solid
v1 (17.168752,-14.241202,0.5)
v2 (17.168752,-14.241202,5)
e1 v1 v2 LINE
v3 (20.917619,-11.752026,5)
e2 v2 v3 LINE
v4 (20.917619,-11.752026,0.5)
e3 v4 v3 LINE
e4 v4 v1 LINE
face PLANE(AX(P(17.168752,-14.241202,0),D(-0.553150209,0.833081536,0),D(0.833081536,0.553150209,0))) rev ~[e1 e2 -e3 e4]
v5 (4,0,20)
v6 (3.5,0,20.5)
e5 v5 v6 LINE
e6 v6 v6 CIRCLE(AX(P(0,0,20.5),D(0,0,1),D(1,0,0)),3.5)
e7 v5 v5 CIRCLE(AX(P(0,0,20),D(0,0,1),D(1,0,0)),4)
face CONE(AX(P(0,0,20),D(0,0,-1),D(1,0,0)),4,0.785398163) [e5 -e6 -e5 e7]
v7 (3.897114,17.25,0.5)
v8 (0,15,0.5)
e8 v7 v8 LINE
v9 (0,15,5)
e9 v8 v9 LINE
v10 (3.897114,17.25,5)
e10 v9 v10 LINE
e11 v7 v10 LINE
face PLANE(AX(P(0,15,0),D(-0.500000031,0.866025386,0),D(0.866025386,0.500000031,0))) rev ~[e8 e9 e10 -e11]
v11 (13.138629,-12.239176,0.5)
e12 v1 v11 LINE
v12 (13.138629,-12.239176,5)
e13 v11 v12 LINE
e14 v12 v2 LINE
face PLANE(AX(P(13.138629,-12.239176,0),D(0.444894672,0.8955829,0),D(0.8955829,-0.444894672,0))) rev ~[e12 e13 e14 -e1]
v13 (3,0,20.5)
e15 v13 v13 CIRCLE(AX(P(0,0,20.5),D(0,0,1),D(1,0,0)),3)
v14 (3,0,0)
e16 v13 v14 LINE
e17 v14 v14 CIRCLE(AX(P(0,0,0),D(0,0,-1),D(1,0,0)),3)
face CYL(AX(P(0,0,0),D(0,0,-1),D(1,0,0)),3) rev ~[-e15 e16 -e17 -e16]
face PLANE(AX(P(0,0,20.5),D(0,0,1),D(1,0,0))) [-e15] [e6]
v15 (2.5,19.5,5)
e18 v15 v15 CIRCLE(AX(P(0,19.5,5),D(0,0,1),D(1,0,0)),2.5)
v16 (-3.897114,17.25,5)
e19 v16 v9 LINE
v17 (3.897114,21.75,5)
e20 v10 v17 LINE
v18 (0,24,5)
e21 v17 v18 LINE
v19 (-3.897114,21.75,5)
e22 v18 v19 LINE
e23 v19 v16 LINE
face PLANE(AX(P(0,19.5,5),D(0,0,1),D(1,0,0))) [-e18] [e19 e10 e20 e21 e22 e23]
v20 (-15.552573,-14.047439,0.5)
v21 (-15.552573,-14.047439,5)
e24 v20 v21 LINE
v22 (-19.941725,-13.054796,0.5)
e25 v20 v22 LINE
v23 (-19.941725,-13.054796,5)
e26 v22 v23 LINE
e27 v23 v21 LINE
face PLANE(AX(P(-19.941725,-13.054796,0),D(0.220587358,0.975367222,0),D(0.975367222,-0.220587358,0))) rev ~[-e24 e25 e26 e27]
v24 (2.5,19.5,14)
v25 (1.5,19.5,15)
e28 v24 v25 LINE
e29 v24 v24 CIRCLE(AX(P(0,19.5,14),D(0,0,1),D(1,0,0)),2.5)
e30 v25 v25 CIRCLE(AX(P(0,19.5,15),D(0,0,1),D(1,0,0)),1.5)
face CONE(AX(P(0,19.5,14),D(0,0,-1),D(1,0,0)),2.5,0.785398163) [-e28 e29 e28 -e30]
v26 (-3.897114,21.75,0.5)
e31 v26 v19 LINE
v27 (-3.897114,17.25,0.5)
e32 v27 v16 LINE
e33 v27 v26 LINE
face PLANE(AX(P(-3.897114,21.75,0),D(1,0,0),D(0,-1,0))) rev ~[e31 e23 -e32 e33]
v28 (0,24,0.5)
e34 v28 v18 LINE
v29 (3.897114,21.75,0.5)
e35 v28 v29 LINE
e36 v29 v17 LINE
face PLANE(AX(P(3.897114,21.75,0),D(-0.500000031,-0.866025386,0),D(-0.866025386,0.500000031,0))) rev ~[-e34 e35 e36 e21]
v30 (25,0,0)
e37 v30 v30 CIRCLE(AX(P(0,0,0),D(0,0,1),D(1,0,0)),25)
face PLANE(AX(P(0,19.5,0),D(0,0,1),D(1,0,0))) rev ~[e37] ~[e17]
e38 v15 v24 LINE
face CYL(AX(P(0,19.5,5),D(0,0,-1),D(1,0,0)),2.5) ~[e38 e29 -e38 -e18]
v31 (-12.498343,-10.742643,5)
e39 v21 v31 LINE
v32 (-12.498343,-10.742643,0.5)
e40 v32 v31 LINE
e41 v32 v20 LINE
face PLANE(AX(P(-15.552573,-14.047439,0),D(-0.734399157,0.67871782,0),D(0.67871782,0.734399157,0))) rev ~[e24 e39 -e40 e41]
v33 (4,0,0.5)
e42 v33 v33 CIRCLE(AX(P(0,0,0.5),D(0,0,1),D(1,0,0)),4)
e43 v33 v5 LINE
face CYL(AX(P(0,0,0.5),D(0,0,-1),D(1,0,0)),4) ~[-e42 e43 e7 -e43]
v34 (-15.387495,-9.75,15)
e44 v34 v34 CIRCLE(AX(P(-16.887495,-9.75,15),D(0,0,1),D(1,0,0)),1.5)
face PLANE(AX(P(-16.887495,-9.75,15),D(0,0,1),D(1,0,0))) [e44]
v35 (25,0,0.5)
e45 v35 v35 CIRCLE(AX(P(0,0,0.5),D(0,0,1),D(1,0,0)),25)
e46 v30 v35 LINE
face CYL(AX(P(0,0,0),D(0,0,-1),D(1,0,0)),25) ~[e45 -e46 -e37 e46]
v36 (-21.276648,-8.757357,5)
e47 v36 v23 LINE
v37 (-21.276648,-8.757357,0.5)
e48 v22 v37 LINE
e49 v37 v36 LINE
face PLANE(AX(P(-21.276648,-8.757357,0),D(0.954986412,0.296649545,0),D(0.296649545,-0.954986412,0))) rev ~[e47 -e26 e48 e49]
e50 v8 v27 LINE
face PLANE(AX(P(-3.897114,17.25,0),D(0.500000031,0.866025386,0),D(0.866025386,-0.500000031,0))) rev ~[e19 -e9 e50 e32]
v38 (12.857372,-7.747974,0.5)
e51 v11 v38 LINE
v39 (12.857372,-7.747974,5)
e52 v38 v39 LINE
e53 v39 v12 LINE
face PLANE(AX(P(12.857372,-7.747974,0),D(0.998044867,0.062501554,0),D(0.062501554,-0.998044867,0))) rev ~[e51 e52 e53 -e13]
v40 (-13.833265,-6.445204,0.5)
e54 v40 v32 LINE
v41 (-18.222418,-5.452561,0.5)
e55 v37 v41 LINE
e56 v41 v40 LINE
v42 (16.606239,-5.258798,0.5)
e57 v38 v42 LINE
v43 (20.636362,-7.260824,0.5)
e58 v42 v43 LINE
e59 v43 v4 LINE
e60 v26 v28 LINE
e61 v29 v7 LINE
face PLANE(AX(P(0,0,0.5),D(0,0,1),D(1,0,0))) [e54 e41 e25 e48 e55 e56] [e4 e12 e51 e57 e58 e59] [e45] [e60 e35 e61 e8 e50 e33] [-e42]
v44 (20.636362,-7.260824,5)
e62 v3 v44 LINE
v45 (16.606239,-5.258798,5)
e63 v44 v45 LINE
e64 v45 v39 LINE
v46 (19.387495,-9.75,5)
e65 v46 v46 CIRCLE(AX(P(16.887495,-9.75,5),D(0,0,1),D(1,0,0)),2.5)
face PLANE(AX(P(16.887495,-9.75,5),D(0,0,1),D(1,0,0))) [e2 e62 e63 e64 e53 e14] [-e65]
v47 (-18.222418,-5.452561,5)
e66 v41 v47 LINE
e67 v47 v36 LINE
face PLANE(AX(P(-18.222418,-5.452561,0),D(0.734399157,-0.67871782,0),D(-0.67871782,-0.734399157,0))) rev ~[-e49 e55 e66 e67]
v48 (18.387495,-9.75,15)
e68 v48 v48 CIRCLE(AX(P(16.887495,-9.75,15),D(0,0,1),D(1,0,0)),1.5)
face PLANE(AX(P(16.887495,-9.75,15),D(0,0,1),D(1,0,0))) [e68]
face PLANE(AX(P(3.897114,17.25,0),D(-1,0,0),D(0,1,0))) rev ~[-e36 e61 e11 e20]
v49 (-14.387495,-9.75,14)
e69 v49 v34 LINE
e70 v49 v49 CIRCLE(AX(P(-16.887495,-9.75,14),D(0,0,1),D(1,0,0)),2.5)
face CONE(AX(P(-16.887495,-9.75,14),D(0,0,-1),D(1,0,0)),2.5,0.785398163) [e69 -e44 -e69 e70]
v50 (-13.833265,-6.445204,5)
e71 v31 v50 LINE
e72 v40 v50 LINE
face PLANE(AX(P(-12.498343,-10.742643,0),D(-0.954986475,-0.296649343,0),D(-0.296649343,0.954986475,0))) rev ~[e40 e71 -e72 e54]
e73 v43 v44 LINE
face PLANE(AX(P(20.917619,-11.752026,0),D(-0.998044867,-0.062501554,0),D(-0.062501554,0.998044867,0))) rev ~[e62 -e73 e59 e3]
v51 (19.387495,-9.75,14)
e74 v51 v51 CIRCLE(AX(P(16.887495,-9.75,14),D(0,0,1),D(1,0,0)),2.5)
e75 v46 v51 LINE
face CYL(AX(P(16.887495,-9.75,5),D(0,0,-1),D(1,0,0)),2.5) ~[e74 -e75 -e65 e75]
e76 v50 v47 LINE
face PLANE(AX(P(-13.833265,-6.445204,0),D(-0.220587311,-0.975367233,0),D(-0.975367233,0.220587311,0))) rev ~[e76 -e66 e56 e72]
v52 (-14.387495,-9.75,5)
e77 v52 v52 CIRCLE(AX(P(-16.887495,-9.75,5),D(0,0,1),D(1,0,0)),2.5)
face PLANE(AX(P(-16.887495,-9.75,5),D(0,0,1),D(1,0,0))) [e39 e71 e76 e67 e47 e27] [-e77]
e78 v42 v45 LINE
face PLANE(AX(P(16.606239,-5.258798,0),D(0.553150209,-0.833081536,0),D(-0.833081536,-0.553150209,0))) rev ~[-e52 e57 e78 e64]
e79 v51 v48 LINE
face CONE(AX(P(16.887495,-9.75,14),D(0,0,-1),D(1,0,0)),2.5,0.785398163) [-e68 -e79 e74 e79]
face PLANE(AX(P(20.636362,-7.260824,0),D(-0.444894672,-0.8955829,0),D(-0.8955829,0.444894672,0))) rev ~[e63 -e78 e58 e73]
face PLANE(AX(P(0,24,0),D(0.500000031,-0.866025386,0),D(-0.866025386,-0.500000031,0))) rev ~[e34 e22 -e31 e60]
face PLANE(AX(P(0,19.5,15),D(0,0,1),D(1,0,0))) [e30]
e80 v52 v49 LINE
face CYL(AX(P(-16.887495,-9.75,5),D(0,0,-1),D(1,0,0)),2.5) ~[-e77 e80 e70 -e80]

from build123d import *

# Parameters (mm, degrees)
SKETCH001_R     = 25
PAD_DEPTH       = 0.5
PAD001_DEPTH    = 5
SKETCH002_R     = 2.5
PAD002_DEPTH    = 10
SKETCH003_R     = 4
SKETCH003_R_2   = 3
PAD003_DEPTH    = 20
SKETCH004_R     = 3
POCKET_DEPTH    = 20.501
CHAMFER_SIZE    = 1
CHAMFER001_SIZE = 0.5


with BuildPart() as part:
    # Sketch001 → Pad (new body)
    with BuildSketch(Plane.XY):
        Circle(SKETCH001_R)
    extrude(amount=PAD_DEPTH)

    # Sketch → Pad001 (join)
    with BuildSketch(Plane.XY):
        Polygon((0, 24), (-3.897114, 21.75), (-3.897114, 17.25), (0, 15), (3.897114, 17.25), (3.897114, 21.75), align=None)
        Polygon((16.606239, -5.258798), (12.857372, -7.747974), (13.138629, -12.239176), (17.168752, -14.241202), (20.917619, -11.752026), (20.636362, -7.260824), align=None)
        Polygon((-18.222418, -5.452561), (-21.276648, -8.757357), (-19.941725, -13.054796), (-15.552573, -14.047439), (-12.498343, -10.742643), (-13.833265, -6.445204), align=None)
    extrude(amount=PAD001_DEPTH)

    # Sketch002 (on Face25 of Pad001) → Pad002 (join)
    with BuildSketch(Plane.XY.offset(5)):
        with Locations((0, 19.5)):
            Circle(SKETCH002_R)
        with Locations((16.887495, -9.75)):
            Circle(SKETCH002_R)
        with Locations((-16.887495, -9.75)):
            Circle(SKETCH002_R)
    extrude(amount=PAD002_DEPTH)

    # Sketch003 (on Face3 of Pad002) → Pad003 (join)
    with BuildSketch(Plane.XY.offset(0.5)):
        Circle(SKETCH003_R)
        Circle(SKETCH003_R_2, mode=Mode.SUBTRACT)
    extrude(amount=PAD003_DEPTH)

    # Sketch004 (on Face2 of Pad003) → Pocket (cut, through all)
    with BuildSketch(Plane(origin=(0, 0, 0), x_dir=(1, 0, 0), z_dir=(0, 0, -1))):
        Circle(SKETCH004_R)
    extrude(amount=-POCKET_DEPTH, mode=Mode.SUBTRACT)

    # Chamfer
    chamfer_edges = [part.edges().sort_by_distance(p)[0] for p in [
        (-19.387495, -9.75, 15),
        (-2.5, 19.5, 15),
        (14.387495, -9.75, 15),
    ]]
    chamfer(chamfer_edges, length=CHAMFER_SIZE)

    # Chamfer001
    chamfer001_edges = [part.edges().sort_by_distance(p)[0] for p in [
        (-4, 0, 20.5),
    ]]
    chamfer(chamfer001_edges, length=CHAMFER001_SIZE)


solid = part.part
